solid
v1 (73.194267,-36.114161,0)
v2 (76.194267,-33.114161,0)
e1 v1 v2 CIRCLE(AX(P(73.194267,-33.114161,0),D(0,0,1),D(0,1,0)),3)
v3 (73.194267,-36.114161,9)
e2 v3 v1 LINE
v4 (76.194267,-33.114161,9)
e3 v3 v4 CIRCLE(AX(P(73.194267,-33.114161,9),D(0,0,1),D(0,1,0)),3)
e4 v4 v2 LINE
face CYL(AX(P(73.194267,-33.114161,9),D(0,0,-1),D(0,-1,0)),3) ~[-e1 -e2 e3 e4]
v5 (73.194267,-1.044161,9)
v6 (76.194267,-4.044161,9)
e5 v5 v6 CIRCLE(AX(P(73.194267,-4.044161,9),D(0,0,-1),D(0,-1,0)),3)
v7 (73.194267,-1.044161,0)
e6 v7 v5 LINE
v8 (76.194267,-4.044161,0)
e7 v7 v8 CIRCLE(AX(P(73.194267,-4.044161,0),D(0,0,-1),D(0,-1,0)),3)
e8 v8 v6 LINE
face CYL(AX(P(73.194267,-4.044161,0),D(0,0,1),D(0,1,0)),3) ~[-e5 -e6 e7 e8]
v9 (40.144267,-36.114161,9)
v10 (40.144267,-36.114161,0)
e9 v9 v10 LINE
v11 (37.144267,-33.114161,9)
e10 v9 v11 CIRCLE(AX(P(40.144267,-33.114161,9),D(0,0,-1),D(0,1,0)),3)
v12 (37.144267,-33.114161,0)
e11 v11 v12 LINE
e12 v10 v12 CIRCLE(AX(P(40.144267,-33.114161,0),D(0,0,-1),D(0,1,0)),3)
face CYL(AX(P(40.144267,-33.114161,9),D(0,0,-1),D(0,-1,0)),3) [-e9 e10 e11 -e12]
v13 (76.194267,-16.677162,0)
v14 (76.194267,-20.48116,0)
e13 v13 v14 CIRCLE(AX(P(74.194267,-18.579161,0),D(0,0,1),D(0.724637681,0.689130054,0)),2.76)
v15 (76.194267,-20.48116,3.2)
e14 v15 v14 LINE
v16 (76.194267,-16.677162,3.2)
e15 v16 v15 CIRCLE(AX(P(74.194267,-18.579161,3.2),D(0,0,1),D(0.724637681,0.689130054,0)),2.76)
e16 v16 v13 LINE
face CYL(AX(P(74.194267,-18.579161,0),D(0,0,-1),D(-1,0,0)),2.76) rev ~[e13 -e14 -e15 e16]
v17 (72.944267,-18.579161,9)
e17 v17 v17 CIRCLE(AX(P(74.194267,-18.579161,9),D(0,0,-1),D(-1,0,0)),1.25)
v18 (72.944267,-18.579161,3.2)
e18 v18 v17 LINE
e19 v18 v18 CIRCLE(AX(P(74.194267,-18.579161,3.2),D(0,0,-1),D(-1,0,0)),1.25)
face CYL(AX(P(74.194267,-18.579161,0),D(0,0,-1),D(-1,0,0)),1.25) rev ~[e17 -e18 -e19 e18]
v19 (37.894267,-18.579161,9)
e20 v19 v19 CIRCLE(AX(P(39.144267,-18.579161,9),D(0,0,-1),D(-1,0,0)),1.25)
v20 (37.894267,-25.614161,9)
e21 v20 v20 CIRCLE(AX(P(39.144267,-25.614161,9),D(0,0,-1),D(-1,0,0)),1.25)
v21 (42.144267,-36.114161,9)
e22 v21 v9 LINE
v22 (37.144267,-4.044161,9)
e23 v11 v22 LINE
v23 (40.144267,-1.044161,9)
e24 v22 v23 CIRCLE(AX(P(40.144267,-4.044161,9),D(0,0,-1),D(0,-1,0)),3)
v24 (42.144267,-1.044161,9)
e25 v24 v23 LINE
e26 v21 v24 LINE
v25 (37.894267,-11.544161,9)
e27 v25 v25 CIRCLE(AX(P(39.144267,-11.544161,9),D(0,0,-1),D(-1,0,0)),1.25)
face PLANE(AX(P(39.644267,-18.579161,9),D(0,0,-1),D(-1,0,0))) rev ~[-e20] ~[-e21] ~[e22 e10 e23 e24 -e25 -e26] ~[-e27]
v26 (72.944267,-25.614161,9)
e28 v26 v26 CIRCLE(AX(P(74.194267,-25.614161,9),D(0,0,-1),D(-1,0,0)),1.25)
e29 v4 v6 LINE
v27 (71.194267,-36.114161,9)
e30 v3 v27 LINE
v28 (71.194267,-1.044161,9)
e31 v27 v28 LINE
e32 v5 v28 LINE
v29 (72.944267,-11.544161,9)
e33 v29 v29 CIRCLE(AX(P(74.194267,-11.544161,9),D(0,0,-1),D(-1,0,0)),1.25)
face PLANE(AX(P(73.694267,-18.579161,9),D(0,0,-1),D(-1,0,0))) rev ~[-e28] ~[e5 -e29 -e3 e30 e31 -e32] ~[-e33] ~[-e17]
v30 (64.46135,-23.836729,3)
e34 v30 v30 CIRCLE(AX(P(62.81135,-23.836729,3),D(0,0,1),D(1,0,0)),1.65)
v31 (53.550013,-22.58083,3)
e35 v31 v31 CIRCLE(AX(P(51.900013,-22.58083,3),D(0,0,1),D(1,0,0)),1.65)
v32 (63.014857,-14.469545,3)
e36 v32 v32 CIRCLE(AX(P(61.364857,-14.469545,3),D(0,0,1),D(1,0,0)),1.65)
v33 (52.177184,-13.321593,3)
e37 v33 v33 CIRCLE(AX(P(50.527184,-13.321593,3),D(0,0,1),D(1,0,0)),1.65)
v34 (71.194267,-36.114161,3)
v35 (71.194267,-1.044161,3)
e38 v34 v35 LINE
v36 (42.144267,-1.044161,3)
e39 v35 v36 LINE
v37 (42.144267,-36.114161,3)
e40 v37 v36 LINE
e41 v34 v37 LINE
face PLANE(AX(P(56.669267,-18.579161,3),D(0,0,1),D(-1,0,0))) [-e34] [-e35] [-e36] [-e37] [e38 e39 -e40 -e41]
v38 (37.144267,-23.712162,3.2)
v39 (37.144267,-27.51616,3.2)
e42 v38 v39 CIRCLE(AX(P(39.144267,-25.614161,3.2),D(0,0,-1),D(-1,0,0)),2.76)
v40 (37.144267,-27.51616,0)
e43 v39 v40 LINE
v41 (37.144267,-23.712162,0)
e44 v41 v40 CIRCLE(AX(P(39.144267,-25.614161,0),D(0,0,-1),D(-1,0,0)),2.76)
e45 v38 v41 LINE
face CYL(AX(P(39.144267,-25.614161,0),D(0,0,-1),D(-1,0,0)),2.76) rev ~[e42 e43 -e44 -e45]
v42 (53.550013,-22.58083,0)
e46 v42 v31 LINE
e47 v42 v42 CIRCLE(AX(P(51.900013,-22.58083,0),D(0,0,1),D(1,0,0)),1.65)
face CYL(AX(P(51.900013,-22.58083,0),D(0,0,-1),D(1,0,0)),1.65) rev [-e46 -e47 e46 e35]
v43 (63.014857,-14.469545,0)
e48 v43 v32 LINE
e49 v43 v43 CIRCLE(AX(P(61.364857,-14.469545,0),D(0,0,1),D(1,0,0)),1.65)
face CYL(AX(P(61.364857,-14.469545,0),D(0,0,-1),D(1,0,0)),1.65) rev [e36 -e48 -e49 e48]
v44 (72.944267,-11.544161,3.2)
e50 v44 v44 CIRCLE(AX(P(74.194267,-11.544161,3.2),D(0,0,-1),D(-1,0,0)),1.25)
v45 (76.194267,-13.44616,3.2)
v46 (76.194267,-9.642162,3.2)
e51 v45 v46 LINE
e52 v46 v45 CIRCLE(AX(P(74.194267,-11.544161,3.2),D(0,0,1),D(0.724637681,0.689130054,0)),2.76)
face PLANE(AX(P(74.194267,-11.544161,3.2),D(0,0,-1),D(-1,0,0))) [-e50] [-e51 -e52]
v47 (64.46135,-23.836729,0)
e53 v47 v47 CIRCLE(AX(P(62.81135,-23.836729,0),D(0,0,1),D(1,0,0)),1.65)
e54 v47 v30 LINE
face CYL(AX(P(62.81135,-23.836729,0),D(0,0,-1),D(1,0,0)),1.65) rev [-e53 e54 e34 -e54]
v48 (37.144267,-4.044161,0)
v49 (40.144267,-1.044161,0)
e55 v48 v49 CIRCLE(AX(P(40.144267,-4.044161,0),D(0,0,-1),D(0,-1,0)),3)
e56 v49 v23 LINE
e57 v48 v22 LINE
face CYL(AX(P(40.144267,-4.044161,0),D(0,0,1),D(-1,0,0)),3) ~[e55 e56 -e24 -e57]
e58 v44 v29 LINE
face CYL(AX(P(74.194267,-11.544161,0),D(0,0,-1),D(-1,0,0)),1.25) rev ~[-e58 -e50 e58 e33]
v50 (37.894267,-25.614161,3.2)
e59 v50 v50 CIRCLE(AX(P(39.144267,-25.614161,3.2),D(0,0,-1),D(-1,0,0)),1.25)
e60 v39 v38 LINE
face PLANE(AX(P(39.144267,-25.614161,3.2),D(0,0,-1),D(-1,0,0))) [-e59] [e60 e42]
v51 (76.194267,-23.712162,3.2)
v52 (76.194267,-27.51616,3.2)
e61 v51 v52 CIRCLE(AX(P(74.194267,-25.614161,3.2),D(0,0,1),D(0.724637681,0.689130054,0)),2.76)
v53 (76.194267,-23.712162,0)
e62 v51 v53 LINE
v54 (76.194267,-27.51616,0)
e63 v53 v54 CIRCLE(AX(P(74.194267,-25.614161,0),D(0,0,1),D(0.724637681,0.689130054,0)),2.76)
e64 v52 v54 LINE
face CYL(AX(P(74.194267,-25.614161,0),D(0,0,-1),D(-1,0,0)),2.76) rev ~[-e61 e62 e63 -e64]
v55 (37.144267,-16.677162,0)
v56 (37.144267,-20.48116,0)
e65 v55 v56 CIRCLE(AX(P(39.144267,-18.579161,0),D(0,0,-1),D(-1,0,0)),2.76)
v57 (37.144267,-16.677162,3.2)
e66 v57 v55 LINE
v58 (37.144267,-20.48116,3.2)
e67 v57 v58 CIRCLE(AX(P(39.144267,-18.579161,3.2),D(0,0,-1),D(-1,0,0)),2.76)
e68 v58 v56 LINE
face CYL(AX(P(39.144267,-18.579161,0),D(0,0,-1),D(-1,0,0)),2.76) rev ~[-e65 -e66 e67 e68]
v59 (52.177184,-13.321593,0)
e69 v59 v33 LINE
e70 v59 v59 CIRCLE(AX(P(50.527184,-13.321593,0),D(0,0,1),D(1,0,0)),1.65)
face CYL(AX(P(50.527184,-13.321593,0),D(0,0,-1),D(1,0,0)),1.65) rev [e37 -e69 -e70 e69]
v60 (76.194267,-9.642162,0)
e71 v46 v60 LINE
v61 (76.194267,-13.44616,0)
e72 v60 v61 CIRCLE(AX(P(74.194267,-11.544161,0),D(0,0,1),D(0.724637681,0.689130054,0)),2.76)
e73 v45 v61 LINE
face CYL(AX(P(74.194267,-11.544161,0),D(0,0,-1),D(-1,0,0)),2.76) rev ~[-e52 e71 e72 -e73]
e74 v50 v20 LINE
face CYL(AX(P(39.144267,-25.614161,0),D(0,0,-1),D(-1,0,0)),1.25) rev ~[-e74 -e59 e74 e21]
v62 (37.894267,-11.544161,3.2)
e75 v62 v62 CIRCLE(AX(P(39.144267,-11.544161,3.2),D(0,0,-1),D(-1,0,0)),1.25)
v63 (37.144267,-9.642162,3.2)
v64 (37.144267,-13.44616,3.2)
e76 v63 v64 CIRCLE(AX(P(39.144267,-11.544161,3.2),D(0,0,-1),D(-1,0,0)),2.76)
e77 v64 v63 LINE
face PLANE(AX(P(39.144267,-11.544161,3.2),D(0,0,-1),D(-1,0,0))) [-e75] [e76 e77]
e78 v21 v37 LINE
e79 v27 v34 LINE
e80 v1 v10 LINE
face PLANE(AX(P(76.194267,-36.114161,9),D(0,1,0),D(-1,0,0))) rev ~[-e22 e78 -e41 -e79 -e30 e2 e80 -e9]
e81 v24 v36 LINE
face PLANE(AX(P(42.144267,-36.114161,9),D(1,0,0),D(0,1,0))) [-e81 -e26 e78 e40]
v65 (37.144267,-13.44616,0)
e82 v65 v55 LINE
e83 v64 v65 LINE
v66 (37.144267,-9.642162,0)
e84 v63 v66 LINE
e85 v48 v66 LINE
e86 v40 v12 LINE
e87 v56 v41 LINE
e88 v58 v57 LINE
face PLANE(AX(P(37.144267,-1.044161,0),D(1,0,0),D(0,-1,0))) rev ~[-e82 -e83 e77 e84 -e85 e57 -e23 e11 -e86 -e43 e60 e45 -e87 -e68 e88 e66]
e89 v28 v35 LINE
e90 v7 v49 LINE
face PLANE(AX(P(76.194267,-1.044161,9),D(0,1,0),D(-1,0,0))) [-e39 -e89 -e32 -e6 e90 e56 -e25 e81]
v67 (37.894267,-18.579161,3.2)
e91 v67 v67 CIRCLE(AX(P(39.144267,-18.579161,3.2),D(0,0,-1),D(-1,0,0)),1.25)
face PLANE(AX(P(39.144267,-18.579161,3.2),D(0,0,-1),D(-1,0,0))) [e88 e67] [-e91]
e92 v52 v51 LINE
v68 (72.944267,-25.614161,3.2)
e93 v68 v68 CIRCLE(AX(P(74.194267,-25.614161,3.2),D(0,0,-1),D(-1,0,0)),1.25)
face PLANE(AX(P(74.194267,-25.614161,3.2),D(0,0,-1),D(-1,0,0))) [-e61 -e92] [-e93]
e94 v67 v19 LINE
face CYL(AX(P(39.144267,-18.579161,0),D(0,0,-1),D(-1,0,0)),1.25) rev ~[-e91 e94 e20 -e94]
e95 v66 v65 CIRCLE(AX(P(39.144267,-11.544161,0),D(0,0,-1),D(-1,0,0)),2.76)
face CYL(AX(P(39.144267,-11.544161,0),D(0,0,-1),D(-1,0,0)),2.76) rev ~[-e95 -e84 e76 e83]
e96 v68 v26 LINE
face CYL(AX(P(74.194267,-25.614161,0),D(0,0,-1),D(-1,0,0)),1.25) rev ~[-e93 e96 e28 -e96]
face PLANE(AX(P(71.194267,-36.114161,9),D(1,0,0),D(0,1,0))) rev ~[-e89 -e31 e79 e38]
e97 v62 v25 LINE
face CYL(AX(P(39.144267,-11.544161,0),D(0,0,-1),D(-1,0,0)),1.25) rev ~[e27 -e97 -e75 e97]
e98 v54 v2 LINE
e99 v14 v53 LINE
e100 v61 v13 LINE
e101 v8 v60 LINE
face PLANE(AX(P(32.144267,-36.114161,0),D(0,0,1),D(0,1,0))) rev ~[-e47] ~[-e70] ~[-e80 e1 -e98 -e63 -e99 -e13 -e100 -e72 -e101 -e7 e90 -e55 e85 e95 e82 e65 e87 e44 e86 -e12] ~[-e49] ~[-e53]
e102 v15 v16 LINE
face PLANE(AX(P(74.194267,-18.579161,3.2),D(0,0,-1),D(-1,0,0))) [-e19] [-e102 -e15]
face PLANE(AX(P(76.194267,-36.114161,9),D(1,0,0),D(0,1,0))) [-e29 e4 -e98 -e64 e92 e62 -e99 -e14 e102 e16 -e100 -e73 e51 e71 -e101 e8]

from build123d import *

# Parameters (mm, degrees)
SKETCH_1_W               = 39.05
SKETCH_1_H               = 35.07
SKETCH_1_R               = 1.65
SKETCH_1_R_2             = 1.25
EXTRUDE_1_DEPTH          = 3
EXTRUDE_2_DEPTH          = 1
EXTRUDE_2_DEPTH_BACK     = 9
SKETCH_2_W               = 5
SKETCH_2_H               = 35.07
CUT_EXTRUDE_3_DEPTH      = 41
CUT_EXTRUDE_3_DEPTH_BACK = 10
SKETCH_6_W               = 1
SKETCH_6_H               = 35.07
SKETCH_7_R               = 1.25
CUT_EXTRUDE_4_DEPTH      = 27
FILLET_6_R               = 3
FILLET_7_R               = 3
FILLET_8_R               = 3
SKETCH_13_R              = 2.76
CUT_EXTRUDE_7_DEPTH      = 3.2


with BuildPart() as part:
    # 草图1 → 凸台-拉伸1 (new body)
    with BuildSketch(Plane(origin=(0, 0, 0), x_dir=(-1, 0, 0), z_dir=(0, 0, 1))):
        with Locations((-56.669266884, 18.579160576)):
            Rectangle(SKETCH_1_W, SKETCH_1_H)
        with Locations(Location((-62.811349691, 23.836728616, 0), (0, 0, 180))):
            Circle(SKETCH_1_R, mode=Mode.SUBTRACT)
        with Locations(Location((-50.527184077, 13.321592536, 0), (0, 0, 180))):
            Circle(SKETCH_1_R, mode=Mode.SUBTRACT)
        with Locations(Location((-74.194266884, 25.614160576, 0), (0, 0, 180))):
            Circle(SKETCH_1_R_2, mode=Mode.SUBTRACT)
        with Locations(Location((-74.194266884, 11.544160576, 0), (0, 0, 180))):
            Circle(SKETCH_1_R_2, mode=Mode.SUBTRACT)
        with Locations(Location((-74.194266884, 18.579160576, 0), (0, 0, 180))):
            Circle(SKETCH_1_R_2, mode=Mode.SUBTRACT)
        with Locations(Location((-39.144266884, 25.614160576, 0), (0, 0, 180))):
            Circle(SKETCH_1_R_2, mode=Mode.SUBTRACT)
        with Locations(Location((-39.144266884, 18.579160576, 0), (0, 0, 180))):
            Circle(SKETCH_1_R_2, mode=Mode.SUBTRACT)
        with Locations(Location((-39.144266884, 11.544160576, 0), (0, 0, 180))):
            Circle(SKETCH_1_R_2, mode=Mode.SUBTRACT)
        with Locations(Location((-51.900012913, 22.58082967, 0), (0, 0, 180))):
            Circle(SKETCH_1_R, mode=Mode.SUBTRACT)
        with Locations(Location((-61.364857237, 14.469544513, 0), (0, 0, 180))):
            Circle(SKETCH_1_R, mode=Mode.SUBTRACT)
    extrude(amount=EXTRUDE_1_DEPTH)

    # 草图2 → 凸台-拉伸2 (add, two sides: drawn at the far end of the back side and taken through both)
    with BuildSketch(Plane(origin=(0, 0, 0), x_dir=(-1, 0, 0), z_dir=(0, 0, -1)).offset(-EXTRUDE_2_DEPTH_BACK)):
        with Locations((-73.694266884, -18.579160576)):
            Rectangle(SKETCH_2_W, SKETCH_2_H)
        with Locations((-39.644266884, -18.579160576)):
            Rectangle(SKETCH_2_W, SKETCH_2_H)
    extrude(amount=EXTRUDE_2_DEPTH + EXTRUDE_2_DEPTH_BACK)

    # 草图6 → 切除-拉伸3 (cut, two sides: drawn at the far end of the back side and taken through both)
    with BuildSketch(Plane(origin=(42.144266884, 0, 0), x_dir=(0, 0, -1), z_dir=(1, 0, 0)).offset(-CUT_EXTRUDE_3_DEPTH_BACK)):
        with Locations((0.5, -18.579160576)):
            Rectangle(SKETCH_6_W, SKETCH_6_H)
    extrude(amount=CUT_EXTRUDE_3_DEPTH + CUT_EXTRUDE_3_DEPTH_BACK, mode=Mode.SUBTRACT)

    # 草图7 → 切除-拉伸4 (cut)
    with BuildSketch(Plane(origin=(0, 0, 0), x_dir=(-1, 0, 0), z_dir=(0, 0, -1))):
        with Locations((-74.194266884, -11.544160576)):
            Circle(SKETCH_7_R)
        with Locations((-74.194266884, -18.579160576)):
            Circle(SKETCH_7_R)
        with Locations((-74.194266884, -25.614160576)):
            Circle(SKETCH_7_R)
        with Locations((-39.144266884, -11.544160576)):
            Circle(SKETCH_7_R)
        with Locations((-39.144266884, -18.579160576)):
            Circle(SKETCH_7_R)
        with Locations((-39.144266884, -25.614160576)):
            Circle(SKETCH_7_R)
    extrude(amount=-CUT_EXTRUDE_4_DEPTH, mode=Mode.SUBTRACT)

    # 圆角6
    fillet_6_edges = [part.edges().sort_by_distance(p)[0] for p in [
        (37.144266884, -36.114160576, 4.5),
    ]]
    fillet(fillet_6_edges, radius=FILLET_6_R)

    # 圆角7
    fillet_7_edges = [part.edges().sort_by_distance(p)[0] for p in [
        (37.144266884, -1.044160576, 4.5),
    ]]
    fillet(fillet_7_edges, radius=FILLET_7_R)

    # 圆角8
    fillet_8_edges = [part.edges().sort_by_distance(p)[0] for p in [
        (76.194266884, -1.044160576, 4.5),
        (76.194266884, -36.114160576, 4.5),
    ]]
    fillet(fillet_8_edges, radius=FILLET_8_R)

    # 草图13 → 切除-拉伸7 (cut)
    with BuildSketch(Plane(origin=(0, 0, 0), x_dir=(-1, 0, 0), z_dir=(0, 0, -1))):
        with Locations((-74.194266884, -11.544160576)):
            Circle(SKETCH_13_R)
        with Locations((-74.194266884, -18.579160576)):
            Circle(SKETCH_13_R)
        with Locations((-74.194266884, -25.614160576)):
            Circle(SKETCH_13_R)
        with Locations((-39.144266884, -11.544160576)):
            Circle(SKETCH_13_R)
        with Locations((-39.144266884, -18.579160576)):
            Circle(SKETCH_13_R)
        with Locations((-39.144266884, -25.614160576)):
            Circle(SKETCH_13_R)
    extrude(amount=-CUT_EXTRUDE_7_DEPTH, mode=Mode.SUBTRACT)


solid = part.part
